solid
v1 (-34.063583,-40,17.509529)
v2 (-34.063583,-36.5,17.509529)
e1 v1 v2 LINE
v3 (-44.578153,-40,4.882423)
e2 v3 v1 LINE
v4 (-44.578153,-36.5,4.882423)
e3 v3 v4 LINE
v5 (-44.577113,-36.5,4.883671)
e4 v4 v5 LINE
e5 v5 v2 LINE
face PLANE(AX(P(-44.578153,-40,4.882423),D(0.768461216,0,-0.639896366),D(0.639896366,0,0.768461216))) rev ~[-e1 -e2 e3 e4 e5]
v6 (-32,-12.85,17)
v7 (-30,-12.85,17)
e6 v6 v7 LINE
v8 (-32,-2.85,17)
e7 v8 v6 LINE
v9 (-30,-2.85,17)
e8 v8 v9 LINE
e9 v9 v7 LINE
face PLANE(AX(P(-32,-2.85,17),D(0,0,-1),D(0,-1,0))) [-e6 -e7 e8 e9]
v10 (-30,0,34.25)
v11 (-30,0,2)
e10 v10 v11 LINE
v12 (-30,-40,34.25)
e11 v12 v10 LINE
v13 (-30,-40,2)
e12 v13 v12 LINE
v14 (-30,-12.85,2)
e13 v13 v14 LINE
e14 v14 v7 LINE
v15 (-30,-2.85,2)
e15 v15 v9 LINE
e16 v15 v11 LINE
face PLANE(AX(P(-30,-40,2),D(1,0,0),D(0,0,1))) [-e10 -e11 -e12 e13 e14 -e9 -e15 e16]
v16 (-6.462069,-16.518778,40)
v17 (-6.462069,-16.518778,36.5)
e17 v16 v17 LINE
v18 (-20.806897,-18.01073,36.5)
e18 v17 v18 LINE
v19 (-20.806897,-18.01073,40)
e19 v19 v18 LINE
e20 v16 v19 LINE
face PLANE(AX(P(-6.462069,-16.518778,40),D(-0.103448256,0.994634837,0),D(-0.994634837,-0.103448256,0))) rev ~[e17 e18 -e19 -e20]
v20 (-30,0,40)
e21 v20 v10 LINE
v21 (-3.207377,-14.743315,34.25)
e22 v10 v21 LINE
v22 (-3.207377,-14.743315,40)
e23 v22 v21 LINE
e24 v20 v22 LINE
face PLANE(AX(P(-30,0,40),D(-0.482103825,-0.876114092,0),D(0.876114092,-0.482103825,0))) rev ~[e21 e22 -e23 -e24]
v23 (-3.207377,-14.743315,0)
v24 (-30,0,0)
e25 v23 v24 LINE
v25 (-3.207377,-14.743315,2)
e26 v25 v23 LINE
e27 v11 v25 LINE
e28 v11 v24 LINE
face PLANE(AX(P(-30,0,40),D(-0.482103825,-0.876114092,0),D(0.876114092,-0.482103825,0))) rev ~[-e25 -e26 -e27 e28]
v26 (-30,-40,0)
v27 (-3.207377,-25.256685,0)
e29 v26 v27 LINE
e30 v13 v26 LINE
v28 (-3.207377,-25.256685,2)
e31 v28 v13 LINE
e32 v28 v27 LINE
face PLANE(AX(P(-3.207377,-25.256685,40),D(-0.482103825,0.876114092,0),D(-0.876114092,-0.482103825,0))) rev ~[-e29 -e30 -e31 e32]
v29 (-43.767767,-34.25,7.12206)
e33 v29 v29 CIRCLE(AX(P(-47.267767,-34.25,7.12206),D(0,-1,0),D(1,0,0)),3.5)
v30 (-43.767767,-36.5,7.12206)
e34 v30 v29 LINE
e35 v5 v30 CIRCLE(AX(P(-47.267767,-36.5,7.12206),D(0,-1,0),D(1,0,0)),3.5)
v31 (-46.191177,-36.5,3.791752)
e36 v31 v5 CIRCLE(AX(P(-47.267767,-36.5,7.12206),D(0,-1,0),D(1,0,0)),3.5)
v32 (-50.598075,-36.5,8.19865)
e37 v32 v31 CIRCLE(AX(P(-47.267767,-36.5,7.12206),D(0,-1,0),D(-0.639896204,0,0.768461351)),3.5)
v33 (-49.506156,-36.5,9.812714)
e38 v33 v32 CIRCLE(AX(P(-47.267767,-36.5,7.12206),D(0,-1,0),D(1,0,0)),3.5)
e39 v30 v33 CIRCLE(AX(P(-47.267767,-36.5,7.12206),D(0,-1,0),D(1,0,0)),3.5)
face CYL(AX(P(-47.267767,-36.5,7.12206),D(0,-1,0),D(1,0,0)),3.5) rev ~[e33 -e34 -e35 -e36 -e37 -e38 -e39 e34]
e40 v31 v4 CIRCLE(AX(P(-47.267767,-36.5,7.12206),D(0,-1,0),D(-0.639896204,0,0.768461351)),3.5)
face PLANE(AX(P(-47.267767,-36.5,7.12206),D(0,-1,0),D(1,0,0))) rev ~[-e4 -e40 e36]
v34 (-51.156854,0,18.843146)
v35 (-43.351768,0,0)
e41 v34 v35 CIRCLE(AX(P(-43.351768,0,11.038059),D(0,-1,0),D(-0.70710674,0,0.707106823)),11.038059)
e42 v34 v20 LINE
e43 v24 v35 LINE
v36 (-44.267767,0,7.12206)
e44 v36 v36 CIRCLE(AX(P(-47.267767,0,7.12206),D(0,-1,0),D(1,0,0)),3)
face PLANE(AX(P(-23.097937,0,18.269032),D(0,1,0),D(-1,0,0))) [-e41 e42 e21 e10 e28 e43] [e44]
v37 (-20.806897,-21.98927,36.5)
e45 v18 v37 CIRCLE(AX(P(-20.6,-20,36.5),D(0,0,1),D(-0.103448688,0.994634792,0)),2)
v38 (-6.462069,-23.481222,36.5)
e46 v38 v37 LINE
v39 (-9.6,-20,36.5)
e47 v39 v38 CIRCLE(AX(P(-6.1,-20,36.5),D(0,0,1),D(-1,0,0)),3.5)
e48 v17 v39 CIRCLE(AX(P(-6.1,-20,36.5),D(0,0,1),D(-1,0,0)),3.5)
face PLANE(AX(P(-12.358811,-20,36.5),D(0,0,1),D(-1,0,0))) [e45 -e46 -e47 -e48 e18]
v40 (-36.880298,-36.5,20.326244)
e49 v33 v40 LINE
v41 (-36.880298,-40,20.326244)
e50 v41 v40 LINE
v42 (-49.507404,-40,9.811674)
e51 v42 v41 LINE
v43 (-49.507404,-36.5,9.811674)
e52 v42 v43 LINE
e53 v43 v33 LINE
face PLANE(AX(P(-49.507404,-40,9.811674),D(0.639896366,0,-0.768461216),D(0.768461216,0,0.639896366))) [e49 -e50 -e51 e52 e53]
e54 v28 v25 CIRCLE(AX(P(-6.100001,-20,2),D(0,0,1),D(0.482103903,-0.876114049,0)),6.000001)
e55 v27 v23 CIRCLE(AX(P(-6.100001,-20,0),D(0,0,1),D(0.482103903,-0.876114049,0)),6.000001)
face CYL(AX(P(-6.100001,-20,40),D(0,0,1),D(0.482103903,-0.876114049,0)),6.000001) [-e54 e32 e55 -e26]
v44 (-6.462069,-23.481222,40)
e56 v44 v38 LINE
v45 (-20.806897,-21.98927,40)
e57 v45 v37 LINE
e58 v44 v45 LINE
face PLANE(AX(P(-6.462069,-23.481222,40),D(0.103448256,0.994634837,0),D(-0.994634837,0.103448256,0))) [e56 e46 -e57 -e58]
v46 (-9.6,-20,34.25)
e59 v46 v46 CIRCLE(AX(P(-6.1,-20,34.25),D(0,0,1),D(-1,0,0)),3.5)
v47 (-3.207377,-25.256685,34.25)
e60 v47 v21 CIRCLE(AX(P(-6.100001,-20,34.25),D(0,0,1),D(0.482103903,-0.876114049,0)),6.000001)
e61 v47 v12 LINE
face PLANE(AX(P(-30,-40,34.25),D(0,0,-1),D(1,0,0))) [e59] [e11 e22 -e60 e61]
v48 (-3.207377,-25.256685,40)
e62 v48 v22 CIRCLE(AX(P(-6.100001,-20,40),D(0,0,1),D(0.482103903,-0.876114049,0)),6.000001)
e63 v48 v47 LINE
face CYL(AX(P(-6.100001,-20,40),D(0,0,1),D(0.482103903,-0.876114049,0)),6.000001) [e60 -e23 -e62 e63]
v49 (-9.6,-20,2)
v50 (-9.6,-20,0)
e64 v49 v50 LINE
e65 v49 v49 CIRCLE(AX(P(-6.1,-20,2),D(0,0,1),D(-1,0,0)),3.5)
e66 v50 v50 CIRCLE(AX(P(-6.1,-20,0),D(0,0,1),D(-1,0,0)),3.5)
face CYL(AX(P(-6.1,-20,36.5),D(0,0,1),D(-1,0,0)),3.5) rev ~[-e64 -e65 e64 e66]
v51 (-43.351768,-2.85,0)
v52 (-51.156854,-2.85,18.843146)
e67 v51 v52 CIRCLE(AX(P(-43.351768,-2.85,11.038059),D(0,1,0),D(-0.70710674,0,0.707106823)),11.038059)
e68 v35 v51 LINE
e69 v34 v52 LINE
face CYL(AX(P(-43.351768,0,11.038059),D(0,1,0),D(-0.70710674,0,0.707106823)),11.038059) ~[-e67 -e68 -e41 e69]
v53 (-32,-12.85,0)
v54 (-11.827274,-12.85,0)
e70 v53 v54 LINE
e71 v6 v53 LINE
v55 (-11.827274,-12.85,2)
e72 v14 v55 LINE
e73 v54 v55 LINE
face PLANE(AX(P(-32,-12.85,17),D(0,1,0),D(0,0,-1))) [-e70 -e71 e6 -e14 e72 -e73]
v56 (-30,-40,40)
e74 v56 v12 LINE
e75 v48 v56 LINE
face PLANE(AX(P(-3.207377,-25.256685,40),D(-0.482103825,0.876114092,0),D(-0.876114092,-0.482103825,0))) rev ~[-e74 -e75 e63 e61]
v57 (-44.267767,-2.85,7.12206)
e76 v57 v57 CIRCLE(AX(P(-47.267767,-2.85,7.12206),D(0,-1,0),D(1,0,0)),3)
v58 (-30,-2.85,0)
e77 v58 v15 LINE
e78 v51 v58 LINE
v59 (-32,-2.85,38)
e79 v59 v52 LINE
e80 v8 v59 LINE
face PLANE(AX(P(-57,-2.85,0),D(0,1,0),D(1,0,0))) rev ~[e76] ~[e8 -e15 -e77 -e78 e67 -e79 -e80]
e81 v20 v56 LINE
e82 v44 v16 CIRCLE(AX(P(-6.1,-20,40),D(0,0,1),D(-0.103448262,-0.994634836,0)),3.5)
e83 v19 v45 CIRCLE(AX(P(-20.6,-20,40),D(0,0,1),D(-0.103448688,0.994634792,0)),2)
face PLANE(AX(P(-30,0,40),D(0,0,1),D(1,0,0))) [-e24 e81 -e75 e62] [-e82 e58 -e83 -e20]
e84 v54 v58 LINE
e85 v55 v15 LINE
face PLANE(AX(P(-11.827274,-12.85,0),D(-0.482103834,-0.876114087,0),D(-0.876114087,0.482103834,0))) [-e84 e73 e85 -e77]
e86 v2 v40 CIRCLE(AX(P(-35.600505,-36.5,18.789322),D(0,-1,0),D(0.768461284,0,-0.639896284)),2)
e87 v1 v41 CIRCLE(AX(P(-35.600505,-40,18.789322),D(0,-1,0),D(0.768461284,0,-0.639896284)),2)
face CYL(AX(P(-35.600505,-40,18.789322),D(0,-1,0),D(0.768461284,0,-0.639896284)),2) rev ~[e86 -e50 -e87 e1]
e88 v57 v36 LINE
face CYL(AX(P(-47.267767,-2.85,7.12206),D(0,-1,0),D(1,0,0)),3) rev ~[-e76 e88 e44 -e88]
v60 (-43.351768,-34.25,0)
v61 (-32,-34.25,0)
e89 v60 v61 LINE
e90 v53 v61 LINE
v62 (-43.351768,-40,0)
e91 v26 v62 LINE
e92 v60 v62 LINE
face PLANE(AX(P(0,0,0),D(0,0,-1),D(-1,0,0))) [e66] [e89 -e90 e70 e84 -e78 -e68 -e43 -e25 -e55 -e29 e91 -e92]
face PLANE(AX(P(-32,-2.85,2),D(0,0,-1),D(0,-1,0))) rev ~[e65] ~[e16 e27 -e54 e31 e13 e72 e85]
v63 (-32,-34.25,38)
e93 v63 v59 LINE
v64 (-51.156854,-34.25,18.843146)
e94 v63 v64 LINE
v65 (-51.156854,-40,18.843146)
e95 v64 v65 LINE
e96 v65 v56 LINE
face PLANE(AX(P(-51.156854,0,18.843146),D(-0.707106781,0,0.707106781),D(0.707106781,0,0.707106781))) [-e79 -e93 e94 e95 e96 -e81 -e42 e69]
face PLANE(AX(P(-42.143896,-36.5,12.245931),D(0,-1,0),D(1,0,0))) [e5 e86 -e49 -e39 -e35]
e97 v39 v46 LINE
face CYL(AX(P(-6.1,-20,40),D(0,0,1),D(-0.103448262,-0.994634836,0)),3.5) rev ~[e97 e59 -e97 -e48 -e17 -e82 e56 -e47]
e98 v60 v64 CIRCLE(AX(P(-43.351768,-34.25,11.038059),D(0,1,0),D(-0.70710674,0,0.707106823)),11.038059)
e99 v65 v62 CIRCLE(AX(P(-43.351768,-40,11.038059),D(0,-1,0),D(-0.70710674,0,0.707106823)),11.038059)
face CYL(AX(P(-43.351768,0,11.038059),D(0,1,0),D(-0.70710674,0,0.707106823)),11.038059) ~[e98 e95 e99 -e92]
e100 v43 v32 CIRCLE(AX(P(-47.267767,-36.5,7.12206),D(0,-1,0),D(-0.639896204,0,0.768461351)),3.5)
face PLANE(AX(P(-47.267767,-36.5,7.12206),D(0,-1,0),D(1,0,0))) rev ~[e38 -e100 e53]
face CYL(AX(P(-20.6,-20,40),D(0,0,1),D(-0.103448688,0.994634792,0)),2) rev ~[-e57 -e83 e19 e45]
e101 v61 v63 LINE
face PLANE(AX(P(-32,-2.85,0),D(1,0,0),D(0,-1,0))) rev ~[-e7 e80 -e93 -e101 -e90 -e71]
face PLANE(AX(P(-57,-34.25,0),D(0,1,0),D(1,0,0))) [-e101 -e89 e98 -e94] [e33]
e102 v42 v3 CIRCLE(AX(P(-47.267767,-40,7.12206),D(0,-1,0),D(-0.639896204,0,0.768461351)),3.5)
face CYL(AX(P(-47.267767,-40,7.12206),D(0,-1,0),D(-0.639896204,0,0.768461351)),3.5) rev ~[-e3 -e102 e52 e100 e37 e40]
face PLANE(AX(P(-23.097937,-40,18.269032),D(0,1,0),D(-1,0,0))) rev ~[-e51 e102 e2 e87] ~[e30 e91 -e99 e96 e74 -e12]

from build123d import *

# Parameters (mm, degrees)
PAD_DEPTH       = 40
POCKET_DEPTH    = 40.001
SKETCH002_W     = 30
SKETCH002_H     = 32.25
POCKET001_DEPTH = 40.001
POCKET002_DEPTH = 3.5
SKETCH004_R     = 3.5
POCKET003_DEPTH = 36.501
SKETCH005_W     = 25
SKETCH005_H     = 31.4
POCKET004_DEPTH = 40.001
POCKET005_DEPTH = 3.5
SKETCH007_R     = 3.5
POCKET006_DEPTH = 5
SKETCH008_R     = 3
POCKET007_DEPTH = 2.851
SKETCH009_W     = 15
SKETCH009_H     = 10
POCKET008_DEPTH = 2
POCKET009_DEPTH = 3


with BuildPart() as part:
    # Sketch → Pad (new body)
    with BuildSketch(Plane.XZ):
        with BuildLine():
            Line((-51.156854, 18.843146), (-30, 40))
            Line((-30, 40), (0, 40))
            Line((0, 40), (0, 0))
            Line((0, 0), (-43.351768, 0))
            ThreePointArc((-51.156854, 18.843146), (-53.549605, 6.813977), (-43.351768, 0))
        make_face()
    extrude(amount=PAD_DEPTH)

    # Sketch001 (on Face2 of Pad) → Pocket (cut, through all)
    with BuildSketch(Plane(origin=(0, 0, 40), x_dir=(-1, 0, 0), z_dir=(0, 0, 1))):
        with BuildLine():
            Line((30, 40), (0, 40))
            Line((0, 40), (0, 0))
            Line((0, 0), (30, 0))
            Line((30, 0), (3.207377, 14.743315))
            ThreePointArc((3.207377, 25.256685), (0.1, 20), (3.207377, 14.743315))
            Line((3.207377, 25.256685), (30, 40))
        make_face()
    extrude(amount=-POCKET_DEPTH, mode=Mode.SUBTRACT)

    # Sketch002 (on Face5 of Pocket) → Pocket001 (cut, through all)
    with BuildSketch(Plane.XZ.offset(40)):
        with Locations((-15, 18.125)):
            Rectangle(SKETCH002_W, SKETCH002_H)
    extrude(amount=-POCKET001_DEPTH, mode=Mode.SUBTRACT)

    # Sketch003 (on Face3 of Pocket001) → Pocket002 (cut)
    with BuildSketch(Plane(origin=(0, 0, 40), x_dir=(-1, 0, 0), z_dir=(0, 0, 1))):
        with BuildLine():
            ThreePointArc((6.462069, 23.481222), (2.6, 20), (6.462069, 16.518778))
            Line((6.462069, 16.518778), (20.806897, 18.01073))
            ThreePointArc((20.806897, 18.01073), (22.6, 20), (20.806897, 21.98927))
            Line((6.462069, 23.481222), (20.806897, 21.98927))
        make_face()
    extrude(amount=-POCKET002_DEPTH, mode=Mode.SUBTRACT)

    # Sketch004 (on Face19 of Pocket002) → Pocket003 (cut, through all)
    with BuildSketch(Plane(origin=(0, 0, 36.5), x_dir=(-1, 0, 0), z_dir=(0, 0, 1))):
        with Locations((6.1, 20)):
            Circle(SKETCH004_R)
    extrude(amount=-POCKET003_DEPTH, mode=Mode.SUBTRACT)

    # Sketch005 (on Face6 of Pocket003) → Pocket004 (cut, through all)
    with BuildSketch(Plane(origin=(0, 0, 0), x_dir=(1, 0, 0), z_dir=(0, 0, -1))):
        with Locations((-44.5, 18.55)):
            Rectangle(SKETCH005_W, SKETCH005_H)
    extrude(amount=-POCKET004_DEPTH, mode=Mode.SUBTRACT)

    # Sketch006 (on Face4 of Pocket004) → Pocket005 (cut)
    with BuildSketch(Plane.XZ.offset(40)):
        with BuildLine():
            ThreePointArc((-49.507404, 9.811674), (-49.742641, 4.647186), (-44.578153, 4.882423))
            Line((-44.578153, 4.882423), (-34.063583, 17.509529))
            ThreePointArc((-34.063583, 17.509529), (-34.186292, 20.203535), (-36.880298, 20.326244))
            Line((-49.507404, 9.811674), (-36.880298, 20.326244))
        make_face()
    extrude(amount=-POCKET005_DEPTH, mode=Mode.SUBTRACT)

    # Sketch007 (on Face31 of Pocket005) → Pocket006 (cut)
    with BuildSketch(Plane.XZ.offset(36.5)):
        with Locations((-47.267767, 7.12206)):
            Circle(SKETCH007_R)
    extrude(amount=-POCKET006_DEPTH, mode=Mode.SUBTRACT)

    # Sketch008 (on Face8 of Pocket006) → Pocket007 (cut, through all)
    with BuildSketch(Plane.XZ.offset(2.85)):
        with Locations((-47.267767, 7.12206)):
            Circle(SKETCH008_R)
    extrude(amount=-POCKET007_DEPTH, mode=Mode.SUBTRACT)

    # Sketch009 (on Face7 of Pocket007) → Pocket008 (cut)
    with BuildSketch(Plane(origin=(-32, 0, 0), x_dir=(0, 0, -1), z_dir=(-1, 0, 0))):
        with Locations((-9.5, 7.85)):
            Rectangle(SKETCH009_W, SKETCH009_H)
    extrude(amount=-POCKET008_DEPTH, mode=Mode.SUBTRACT)

    # Sketch010 (on Face10 of Pocket008) → Pocket009 (cut)
    with BuildSketch(Plane(origin=(0, 0, 0), x_dir=(1, 0, 0), z_dir=(0, 0, -1))):
        Polygon((-32, 12.85), (-11.827274, 12.85), (-30, 2.85), (-32, 2.85), align=None)
    extrude(amount=-POCKET009_DEPTH, mode=Mode.SUBTRACT)


solid = part.part
